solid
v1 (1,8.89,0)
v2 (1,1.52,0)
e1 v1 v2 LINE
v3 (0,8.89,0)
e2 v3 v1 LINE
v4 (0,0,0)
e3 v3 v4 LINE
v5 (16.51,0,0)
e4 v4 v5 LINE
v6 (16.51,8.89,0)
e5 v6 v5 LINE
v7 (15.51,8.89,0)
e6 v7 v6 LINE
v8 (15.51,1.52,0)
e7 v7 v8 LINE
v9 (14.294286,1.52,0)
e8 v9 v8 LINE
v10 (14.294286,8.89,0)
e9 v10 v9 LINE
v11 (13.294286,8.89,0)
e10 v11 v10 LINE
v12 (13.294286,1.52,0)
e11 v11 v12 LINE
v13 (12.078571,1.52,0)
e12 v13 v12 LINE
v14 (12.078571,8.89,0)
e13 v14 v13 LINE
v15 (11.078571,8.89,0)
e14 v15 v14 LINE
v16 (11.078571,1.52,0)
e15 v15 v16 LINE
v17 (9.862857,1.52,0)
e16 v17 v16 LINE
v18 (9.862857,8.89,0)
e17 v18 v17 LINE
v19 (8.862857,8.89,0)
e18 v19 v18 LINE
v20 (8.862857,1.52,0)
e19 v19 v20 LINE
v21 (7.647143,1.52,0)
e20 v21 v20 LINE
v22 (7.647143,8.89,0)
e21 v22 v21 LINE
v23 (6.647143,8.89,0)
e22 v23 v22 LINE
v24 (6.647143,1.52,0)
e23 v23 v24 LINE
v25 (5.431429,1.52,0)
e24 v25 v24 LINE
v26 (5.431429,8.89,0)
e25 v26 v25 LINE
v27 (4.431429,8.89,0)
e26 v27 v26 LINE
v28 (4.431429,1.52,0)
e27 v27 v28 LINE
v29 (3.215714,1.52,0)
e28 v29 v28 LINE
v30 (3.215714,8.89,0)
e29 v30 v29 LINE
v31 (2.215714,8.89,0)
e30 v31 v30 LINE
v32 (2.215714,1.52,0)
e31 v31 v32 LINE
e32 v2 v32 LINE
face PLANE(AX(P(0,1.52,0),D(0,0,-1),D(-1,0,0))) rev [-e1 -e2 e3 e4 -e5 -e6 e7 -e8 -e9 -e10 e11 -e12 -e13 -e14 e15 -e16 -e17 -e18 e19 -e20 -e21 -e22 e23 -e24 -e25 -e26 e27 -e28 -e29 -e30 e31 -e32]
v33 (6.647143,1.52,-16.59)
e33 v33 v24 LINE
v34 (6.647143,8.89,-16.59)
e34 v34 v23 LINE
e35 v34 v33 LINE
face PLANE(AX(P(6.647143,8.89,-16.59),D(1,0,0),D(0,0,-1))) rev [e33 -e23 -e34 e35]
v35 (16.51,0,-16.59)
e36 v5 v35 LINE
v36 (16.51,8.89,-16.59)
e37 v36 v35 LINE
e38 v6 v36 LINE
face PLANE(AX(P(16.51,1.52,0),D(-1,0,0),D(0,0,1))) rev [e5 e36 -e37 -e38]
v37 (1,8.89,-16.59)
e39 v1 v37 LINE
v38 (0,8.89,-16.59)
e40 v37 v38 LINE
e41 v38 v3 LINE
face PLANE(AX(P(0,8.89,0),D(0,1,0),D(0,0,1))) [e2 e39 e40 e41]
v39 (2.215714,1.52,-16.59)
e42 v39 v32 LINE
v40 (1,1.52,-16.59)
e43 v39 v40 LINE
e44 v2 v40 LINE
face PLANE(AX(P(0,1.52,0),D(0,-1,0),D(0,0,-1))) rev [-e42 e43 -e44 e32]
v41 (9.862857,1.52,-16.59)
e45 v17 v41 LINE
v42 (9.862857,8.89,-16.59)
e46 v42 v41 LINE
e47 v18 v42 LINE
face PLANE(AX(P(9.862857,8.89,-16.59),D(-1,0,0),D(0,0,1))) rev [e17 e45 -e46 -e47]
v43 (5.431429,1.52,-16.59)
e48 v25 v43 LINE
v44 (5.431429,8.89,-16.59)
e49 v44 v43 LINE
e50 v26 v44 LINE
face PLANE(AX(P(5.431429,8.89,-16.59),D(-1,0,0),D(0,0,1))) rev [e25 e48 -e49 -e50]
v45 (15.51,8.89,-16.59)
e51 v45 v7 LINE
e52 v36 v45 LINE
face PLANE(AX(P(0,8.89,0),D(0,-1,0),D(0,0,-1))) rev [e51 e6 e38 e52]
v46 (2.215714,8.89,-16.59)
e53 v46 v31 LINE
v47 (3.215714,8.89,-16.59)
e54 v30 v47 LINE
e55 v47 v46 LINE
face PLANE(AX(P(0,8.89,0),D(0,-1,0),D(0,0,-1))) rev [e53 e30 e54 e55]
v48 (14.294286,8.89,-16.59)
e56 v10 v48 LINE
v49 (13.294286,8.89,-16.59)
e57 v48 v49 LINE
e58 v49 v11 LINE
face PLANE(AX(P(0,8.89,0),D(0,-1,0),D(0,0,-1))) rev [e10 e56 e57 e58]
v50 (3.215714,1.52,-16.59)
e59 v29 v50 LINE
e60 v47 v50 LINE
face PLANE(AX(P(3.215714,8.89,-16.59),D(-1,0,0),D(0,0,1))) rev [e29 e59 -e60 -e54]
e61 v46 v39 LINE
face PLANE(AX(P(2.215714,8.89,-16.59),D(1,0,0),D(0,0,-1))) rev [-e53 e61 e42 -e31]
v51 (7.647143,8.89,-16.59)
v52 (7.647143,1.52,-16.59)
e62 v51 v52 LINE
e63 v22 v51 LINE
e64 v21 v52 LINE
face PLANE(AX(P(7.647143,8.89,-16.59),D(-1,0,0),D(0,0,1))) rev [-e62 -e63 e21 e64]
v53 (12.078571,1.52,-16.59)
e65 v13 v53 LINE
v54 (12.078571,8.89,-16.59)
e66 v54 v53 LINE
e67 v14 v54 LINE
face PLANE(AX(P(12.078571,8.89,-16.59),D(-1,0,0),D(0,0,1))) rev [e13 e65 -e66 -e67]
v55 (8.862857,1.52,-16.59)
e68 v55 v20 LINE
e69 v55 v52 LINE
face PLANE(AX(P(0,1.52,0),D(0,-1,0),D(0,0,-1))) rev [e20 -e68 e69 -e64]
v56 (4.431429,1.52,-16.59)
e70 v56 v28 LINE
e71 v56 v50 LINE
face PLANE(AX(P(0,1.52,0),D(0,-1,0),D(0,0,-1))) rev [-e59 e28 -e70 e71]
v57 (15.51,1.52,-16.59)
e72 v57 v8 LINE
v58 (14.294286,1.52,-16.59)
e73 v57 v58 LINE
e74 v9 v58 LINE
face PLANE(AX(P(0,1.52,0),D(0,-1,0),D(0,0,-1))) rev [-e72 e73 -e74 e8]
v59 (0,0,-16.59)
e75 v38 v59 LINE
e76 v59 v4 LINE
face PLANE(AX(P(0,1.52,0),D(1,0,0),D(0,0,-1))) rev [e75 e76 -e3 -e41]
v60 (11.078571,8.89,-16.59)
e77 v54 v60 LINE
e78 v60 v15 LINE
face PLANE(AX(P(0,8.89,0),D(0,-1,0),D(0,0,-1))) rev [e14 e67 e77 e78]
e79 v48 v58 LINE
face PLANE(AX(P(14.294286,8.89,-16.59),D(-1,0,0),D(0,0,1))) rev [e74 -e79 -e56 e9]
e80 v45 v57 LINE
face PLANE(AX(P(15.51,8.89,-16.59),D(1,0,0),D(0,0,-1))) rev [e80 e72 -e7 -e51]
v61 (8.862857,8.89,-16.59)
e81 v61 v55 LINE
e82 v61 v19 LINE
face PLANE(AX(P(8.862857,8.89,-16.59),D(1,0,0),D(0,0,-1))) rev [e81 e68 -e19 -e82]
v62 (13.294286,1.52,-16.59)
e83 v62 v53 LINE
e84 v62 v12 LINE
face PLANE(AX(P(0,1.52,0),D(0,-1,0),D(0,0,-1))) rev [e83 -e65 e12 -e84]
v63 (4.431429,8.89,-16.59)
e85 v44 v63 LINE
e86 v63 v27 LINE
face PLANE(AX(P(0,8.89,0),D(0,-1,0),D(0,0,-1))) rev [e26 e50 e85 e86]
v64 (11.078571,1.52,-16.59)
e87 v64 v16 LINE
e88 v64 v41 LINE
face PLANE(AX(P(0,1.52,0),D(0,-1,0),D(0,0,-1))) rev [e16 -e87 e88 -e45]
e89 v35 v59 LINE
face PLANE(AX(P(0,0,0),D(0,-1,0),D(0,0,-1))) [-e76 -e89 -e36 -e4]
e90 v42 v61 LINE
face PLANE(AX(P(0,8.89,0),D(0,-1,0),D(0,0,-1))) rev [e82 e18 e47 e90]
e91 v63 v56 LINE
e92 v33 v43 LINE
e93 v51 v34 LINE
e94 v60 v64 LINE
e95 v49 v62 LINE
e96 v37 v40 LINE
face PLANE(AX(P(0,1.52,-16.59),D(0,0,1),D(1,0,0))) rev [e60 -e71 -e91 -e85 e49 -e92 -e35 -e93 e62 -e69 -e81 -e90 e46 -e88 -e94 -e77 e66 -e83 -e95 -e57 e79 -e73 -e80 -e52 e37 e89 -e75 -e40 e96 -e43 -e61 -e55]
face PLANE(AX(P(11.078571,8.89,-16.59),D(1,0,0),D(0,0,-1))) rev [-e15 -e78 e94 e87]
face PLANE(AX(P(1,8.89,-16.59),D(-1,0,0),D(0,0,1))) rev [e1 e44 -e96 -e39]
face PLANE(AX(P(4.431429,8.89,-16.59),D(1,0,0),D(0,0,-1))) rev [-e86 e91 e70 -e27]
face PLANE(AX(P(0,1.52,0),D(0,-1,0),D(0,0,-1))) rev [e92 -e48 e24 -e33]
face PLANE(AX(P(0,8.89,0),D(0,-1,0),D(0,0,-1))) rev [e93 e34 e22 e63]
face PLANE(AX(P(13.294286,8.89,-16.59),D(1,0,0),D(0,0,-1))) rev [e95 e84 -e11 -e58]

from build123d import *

# Parameters (mm, degrees)
SKETCH1_W           = 16.51
SKETCH1_H           = 16.59
BOSS_EXTRUDE1_DEPTH = 1.52
SKETCH2_W           = 1
SKETCH2_H           = 16.59
BOSS_EXTRUDE2_DEPTH = 7.37


with BuildPart() as part:
    # Sketch1 → Boss-Extrude1 (new body)
    with BuildSketch(Plane(origin=(0, 0, 0), x_dir=(1, 0, 0), z_dir=(0, 1, 0))):
        with Locations((8.255, 8.295)):
            Rectangle(SKETCH1_W, SKETCH1_H)
    extrude(amount=BOSS_EXTRUDE1_DEPTH)

    # Sketch2 → Boss-Extrude2 (add)
    with BuildSketch(Plane(origin=(0, 1.52, 0), x_dir=(1, 0, 0), z_dir=(0, 1, 0))):
        with Locations((0.5, 8.295)):
            Rectangle(SKETCH2_W, SKETCH2_H)
        with Locations((2.715714286, 8.295)):
            Rectangle(SKETCH2_W, SKETCH2_H)
        with Locations((4.931428571, 8.295)):
            Rectangle(SKETCH2_W, SKETCH2_H)
        with Locations((7.147142857, 8.295)):
            Rectangle(SKETCH2_W, SKETCH2_H)
        with Locations((9.362857143, 8.295)):
            Rectangle(SKETCH2_W, SKETCH2_H)
        with Locations((11.578571429, 8.295)):
            Rectangle(SKETCH2_W, SKETCH2_H)
        with Locations((13.794285714, 8.295)):
            Rectangle(SKETCH2_W, SKETCH2_H)
        with Locations((16.01, 8.295)):
            Rectangle(SKETCH2_W, SKETCH2_H)
    extrude(amount=BOSS_EXTRUDE2_DEPTH)


solid = part.part
